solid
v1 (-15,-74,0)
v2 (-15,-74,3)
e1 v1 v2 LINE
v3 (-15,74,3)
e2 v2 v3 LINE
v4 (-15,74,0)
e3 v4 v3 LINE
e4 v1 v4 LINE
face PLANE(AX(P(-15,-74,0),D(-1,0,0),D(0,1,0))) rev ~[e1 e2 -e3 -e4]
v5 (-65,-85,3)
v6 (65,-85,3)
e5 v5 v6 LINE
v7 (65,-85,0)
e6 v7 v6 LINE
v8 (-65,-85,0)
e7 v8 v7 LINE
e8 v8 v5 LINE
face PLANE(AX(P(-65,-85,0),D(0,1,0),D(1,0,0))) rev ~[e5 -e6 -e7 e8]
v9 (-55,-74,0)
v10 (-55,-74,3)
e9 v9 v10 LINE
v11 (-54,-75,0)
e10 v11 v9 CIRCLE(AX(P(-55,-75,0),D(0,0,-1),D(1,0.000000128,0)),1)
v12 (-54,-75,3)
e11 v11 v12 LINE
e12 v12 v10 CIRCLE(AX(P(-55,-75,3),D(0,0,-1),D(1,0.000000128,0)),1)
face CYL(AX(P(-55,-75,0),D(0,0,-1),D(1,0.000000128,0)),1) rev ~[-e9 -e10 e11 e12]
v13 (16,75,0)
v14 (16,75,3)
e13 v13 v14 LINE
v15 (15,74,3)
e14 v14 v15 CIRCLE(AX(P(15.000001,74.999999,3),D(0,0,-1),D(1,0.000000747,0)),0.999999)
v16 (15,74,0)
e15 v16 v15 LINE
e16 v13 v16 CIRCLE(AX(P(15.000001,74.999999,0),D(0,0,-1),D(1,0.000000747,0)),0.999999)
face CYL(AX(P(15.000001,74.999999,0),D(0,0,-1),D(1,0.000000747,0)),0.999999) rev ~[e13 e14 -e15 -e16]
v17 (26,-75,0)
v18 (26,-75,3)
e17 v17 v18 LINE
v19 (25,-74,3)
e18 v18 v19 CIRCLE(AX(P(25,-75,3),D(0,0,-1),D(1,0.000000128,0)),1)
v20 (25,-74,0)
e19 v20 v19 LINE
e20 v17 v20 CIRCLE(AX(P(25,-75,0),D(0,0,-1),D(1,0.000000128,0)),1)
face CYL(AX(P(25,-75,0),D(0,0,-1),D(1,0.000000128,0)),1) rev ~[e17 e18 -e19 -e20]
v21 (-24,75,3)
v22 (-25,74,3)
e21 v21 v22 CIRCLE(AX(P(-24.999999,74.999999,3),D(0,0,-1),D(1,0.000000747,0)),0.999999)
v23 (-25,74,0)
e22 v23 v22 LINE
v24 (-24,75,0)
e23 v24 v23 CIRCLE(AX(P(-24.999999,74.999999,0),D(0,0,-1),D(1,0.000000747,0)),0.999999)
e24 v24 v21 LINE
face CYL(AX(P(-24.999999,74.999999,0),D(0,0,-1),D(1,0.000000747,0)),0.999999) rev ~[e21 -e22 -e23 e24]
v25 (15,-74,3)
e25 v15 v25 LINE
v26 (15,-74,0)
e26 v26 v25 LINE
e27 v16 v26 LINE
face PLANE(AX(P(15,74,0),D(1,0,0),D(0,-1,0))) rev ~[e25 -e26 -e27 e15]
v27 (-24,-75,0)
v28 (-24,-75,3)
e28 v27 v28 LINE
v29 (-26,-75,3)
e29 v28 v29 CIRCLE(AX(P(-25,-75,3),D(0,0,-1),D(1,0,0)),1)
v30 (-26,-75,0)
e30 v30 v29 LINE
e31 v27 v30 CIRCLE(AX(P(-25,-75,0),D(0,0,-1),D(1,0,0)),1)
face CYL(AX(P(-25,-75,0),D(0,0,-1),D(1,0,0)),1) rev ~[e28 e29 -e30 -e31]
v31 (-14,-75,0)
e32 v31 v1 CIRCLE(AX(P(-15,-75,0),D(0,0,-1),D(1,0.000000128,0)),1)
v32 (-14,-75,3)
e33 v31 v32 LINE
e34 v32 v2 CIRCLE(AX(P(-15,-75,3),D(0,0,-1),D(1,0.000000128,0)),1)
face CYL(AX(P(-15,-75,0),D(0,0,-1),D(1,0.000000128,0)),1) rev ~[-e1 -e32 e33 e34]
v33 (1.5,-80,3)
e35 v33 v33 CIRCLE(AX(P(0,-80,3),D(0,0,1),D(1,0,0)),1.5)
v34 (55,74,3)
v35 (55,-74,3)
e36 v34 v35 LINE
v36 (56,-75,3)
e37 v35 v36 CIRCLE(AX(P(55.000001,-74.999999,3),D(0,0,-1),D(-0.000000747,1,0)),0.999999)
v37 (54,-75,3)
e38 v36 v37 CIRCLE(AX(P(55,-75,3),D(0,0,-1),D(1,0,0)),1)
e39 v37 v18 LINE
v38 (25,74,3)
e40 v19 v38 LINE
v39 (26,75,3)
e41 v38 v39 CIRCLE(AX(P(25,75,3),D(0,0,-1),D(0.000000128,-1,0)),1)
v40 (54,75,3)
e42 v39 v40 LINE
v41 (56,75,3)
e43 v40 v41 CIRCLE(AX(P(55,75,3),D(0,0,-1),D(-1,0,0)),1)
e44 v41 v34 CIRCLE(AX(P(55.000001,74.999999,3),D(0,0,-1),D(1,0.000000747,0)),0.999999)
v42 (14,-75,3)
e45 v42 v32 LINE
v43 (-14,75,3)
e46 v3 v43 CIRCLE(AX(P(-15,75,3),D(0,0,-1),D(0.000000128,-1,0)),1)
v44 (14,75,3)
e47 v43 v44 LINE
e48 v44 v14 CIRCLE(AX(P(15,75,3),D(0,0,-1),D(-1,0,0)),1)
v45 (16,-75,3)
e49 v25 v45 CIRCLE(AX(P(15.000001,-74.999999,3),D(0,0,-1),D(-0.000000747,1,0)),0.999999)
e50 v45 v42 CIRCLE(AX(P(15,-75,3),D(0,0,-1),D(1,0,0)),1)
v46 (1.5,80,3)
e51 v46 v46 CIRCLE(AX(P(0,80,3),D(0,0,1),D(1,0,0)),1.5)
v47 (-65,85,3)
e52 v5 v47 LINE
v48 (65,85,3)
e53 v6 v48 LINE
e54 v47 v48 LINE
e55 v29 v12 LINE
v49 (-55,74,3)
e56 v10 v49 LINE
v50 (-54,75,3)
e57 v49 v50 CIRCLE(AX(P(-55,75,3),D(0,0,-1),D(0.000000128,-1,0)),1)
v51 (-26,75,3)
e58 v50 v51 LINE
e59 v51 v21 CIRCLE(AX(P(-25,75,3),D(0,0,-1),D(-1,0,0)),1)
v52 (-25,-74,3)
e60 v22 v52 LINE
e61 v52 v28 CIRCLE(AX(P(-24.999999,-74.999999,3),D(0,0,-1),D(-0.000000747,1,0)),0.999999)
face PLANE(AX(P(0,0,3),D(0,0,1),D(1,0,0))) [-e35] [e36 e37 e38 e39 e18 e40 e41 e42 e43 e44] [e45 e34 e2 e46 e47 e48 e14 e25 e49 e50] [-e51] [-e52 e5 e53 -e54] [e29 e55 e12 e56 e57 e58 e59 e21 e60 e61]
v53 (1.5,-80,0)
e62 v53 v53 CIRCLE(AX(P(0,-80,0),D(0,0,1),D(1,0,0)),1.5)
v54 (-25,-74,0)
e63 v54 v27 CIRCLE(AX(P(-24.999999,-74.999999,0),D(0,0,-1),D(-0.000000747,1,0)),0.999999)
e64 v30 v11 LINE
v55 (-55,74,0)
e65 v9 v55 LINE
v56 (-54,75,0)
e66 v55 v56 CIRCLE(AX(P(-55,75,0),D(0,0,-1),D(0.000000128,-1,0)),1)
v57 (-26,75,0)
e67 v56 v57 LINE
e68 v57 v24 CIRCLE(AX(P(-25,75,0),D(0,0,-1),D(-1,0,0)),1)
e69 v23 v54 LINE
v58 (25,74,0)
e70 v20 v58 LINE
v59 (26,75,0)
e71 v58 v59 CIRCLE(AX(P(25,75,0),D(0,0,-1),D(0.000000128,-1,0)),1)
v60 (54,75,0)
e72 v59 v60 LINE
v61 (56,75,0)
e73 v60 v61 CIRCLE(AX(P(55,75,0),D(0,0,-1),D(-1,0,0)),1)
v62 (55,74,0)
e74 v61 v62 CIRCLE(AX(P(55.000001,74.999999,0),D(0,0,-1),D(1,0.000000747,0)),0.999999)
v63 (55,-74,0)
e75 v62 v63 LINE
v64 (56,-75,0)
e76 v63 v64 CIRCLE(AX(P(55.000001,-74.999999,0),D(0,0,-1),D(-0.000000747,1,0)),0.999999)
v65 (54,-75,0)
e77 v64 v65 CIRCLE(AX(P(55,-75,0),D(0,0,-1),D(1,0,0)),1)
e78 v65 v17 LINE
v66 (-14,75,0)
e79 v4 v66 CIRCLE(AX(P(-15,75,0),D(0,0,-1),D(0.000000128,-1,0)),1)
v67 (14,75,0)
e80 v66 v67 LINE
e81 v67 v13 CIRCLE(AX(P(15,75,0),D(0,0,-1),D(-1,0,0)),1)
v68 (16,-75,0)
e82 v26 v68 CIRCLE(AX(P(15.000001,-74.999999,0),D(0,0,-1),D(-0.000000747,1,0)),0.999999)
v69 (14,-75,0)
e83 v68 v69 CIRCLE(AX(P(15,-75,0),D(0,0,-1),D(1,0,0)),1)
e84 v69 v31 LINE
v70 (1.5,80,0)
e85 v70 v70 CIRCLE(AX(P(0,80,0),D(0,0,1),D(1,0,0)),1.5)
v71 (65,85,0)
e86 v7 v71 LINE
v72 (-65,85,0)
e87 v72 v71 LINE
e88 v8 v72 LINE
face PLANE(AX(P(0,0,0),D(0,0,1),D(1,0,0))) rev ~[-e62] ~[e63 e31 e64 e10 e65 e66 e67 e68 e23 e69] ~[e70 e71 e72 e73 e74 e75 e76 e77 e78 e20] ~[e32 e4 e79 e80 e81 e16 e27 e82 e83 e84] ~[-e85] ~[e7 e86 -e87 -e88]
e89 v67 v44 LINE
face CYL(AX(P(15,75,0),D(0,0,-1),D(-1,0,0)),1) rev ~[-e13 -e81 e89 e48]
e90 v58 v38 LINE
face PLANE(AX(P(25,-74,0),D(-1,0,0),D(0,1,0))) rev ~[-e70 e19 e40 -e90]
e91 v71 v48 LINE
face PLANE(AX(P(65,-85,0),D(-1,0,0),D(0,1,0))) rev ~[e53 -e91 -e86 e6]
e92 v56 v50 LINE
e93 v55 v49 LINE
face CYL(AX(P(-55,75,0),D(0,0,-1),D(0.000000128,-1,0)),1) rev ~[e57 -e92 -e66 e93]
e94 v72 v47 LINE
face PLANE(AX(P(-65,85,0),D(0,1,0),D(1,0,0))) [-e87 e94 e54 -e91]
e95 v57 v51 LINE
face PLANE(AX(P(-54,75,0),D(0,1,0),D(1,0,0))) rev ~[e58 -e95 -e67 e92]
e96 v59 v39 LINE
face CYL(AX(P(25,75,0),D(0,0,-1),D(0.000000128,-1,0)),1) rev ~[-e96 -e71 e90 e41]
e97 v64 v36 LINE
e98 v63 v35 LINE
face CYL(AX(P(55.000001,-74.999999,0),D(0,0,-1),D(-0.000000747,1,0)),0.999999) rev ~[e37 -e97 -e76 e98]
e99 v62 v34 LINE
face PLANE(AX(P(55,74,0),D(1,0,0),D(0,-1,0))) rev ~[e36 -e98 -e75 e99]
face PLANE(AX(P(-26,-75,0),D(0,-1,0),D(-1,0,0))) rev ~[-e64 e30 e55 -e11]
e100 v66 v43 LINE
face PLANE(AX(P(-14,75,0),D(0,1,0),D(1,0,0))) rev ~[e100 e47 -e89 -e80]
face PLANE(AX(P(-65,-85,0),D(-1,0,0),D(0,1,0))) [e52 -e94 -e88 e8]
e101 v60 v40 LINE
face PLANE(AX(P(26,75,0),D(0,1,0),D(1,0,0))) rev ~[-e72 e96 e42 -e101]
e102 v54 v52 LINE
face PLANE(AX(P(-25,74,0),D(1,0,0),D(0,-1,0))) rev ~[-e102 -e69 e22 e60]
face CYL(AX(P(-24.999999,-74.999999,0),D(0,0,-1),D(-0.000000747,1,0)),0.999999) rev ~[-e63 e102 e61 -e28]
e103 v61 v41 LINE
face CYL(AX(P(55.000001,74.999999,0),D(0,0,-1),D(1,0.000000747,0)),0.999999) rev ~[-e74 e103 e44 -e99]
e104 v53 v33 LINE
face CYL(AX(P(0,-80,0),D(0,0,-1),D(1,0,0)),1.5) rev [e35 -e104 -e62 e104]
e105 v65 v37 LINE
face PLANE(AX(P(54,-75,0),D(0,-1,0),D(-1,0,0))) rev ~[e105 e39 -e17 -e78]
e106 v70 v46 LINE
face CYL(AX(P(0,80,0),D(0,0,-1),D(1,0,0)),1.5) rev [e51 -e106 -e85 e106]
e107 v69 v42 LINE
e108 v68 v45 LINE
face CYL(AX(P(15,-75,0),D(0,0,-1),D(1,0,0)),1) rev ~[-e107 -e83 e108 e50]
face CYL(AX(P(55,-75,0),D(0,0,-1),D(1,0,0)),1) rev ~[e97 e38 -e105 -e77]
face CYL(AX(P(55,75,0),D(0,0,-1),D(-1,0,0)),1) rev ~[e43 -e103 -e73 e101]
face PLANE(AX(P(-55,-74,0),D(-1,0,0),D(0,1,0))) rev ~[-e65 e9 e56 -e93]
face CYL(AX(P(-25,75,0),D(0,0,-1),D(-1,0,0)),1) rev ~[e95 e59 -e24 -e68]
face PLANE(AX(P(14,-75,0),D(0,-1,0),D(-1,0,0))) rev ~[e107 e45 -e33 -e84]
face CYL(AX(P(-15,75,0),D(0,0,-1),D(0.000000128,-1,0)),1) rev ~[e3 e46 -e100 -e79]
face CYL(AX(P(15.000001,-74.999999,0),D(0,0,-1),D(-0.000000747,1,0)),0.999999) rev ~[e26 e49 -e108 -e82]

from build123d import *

# Parameters (mm, degrees)
F0_W     = 130
F0_H     = 170
F0_R     = 1.5
F1_DEPTH = 3


with BuildPart() as f1:
    # F0 (on Top) → F1 (new body)
    with BuildSketch(Plane.XY):
        Rectangle(F0_W, F0_H)
        with Locations((0, -80)):
            Circle(F0_R, mode=Mode.SUBTRACT)
        with BuildLine():
            ThreePointArc((-55, 74), (-55.707107, 75.707107), (-54, 75))
            Line((-54, 75), (-26, 75))
            ThreePointArc((-26, 75), (-25, 76), (-24, 75))
            ThreePointArc((-24, 75), (-24.292893, 74.292893), (-25, 74))
            Line((-25, 74), (-25, -74))
            ThreePointArc((-25, -74), (-24.292893, -74.292893), (-24, -75))
            ThreePointArc((-24, -75), (-25, -76), (-26, -75))
            Line((-26, -75), (-54, -75))
            ThreePointArc((-54, -75), (-55.707107, -75.707107), (-55, -74))
            Line((-55, -74), (-55, 74))
        make_face(mode=Mode.SUBTRACT)
        with BuildLine():
            ThreePointArc((-15, 74), (-15.707107, 75.707107), (-14, 75))
            Line((-14, 75), (14, 75))
            ThreePointArc((14, 75), (15, 76), (16, 75))
            ThreePointArc((16, 75), (15.707107, 74.292893), (15, 74))
            Line((15, 74), (15, -74))
            ThreePointArc((15, -74), (15.707107, -74.292893), (16, -75))
            ThreePointArc((16, -75), (15, -76), (14, -75))
            Line((14, -75), (-14, -75))
            ThreePointArc((-14, -75), (-15.707107, -75.707107), (-15, -74))
            Line((-15, -74), (-15, 74))
        make_face(mode=Mode.SUBTRACT)
        with BuildLine():
            ThreePointArc((25, 74), (24.292893, 75.707107), (26, 75))
            Line((26, 75), (54, 75))
            ThreePointArc((54, 75), (55, 76), (56, 75))
            ThreePointArc((56, 75), (55.707107, 74.292893), (55, 74))
            Line((55, 74), (55, -74))
            ThreePointArc((55, -74), (55.707107, -74.292893), (56, -75))
            ThreePointArc((56, -75), (55, -76), (54, -75))
            Line((54, -75), (26, -75))
            ThreePointArc((26, -75), (24.292893, -75.707107), (25, -74))
            Line((25, -74), (25, 74))
        make_face(mode=Mode.SUBTRACT)
        with Locations((0, 80)):
            Circle(F0_R, mode=Mode.SUBTRACT)
    extrude(amount=F1_DEPTH)


solid = f1.part
